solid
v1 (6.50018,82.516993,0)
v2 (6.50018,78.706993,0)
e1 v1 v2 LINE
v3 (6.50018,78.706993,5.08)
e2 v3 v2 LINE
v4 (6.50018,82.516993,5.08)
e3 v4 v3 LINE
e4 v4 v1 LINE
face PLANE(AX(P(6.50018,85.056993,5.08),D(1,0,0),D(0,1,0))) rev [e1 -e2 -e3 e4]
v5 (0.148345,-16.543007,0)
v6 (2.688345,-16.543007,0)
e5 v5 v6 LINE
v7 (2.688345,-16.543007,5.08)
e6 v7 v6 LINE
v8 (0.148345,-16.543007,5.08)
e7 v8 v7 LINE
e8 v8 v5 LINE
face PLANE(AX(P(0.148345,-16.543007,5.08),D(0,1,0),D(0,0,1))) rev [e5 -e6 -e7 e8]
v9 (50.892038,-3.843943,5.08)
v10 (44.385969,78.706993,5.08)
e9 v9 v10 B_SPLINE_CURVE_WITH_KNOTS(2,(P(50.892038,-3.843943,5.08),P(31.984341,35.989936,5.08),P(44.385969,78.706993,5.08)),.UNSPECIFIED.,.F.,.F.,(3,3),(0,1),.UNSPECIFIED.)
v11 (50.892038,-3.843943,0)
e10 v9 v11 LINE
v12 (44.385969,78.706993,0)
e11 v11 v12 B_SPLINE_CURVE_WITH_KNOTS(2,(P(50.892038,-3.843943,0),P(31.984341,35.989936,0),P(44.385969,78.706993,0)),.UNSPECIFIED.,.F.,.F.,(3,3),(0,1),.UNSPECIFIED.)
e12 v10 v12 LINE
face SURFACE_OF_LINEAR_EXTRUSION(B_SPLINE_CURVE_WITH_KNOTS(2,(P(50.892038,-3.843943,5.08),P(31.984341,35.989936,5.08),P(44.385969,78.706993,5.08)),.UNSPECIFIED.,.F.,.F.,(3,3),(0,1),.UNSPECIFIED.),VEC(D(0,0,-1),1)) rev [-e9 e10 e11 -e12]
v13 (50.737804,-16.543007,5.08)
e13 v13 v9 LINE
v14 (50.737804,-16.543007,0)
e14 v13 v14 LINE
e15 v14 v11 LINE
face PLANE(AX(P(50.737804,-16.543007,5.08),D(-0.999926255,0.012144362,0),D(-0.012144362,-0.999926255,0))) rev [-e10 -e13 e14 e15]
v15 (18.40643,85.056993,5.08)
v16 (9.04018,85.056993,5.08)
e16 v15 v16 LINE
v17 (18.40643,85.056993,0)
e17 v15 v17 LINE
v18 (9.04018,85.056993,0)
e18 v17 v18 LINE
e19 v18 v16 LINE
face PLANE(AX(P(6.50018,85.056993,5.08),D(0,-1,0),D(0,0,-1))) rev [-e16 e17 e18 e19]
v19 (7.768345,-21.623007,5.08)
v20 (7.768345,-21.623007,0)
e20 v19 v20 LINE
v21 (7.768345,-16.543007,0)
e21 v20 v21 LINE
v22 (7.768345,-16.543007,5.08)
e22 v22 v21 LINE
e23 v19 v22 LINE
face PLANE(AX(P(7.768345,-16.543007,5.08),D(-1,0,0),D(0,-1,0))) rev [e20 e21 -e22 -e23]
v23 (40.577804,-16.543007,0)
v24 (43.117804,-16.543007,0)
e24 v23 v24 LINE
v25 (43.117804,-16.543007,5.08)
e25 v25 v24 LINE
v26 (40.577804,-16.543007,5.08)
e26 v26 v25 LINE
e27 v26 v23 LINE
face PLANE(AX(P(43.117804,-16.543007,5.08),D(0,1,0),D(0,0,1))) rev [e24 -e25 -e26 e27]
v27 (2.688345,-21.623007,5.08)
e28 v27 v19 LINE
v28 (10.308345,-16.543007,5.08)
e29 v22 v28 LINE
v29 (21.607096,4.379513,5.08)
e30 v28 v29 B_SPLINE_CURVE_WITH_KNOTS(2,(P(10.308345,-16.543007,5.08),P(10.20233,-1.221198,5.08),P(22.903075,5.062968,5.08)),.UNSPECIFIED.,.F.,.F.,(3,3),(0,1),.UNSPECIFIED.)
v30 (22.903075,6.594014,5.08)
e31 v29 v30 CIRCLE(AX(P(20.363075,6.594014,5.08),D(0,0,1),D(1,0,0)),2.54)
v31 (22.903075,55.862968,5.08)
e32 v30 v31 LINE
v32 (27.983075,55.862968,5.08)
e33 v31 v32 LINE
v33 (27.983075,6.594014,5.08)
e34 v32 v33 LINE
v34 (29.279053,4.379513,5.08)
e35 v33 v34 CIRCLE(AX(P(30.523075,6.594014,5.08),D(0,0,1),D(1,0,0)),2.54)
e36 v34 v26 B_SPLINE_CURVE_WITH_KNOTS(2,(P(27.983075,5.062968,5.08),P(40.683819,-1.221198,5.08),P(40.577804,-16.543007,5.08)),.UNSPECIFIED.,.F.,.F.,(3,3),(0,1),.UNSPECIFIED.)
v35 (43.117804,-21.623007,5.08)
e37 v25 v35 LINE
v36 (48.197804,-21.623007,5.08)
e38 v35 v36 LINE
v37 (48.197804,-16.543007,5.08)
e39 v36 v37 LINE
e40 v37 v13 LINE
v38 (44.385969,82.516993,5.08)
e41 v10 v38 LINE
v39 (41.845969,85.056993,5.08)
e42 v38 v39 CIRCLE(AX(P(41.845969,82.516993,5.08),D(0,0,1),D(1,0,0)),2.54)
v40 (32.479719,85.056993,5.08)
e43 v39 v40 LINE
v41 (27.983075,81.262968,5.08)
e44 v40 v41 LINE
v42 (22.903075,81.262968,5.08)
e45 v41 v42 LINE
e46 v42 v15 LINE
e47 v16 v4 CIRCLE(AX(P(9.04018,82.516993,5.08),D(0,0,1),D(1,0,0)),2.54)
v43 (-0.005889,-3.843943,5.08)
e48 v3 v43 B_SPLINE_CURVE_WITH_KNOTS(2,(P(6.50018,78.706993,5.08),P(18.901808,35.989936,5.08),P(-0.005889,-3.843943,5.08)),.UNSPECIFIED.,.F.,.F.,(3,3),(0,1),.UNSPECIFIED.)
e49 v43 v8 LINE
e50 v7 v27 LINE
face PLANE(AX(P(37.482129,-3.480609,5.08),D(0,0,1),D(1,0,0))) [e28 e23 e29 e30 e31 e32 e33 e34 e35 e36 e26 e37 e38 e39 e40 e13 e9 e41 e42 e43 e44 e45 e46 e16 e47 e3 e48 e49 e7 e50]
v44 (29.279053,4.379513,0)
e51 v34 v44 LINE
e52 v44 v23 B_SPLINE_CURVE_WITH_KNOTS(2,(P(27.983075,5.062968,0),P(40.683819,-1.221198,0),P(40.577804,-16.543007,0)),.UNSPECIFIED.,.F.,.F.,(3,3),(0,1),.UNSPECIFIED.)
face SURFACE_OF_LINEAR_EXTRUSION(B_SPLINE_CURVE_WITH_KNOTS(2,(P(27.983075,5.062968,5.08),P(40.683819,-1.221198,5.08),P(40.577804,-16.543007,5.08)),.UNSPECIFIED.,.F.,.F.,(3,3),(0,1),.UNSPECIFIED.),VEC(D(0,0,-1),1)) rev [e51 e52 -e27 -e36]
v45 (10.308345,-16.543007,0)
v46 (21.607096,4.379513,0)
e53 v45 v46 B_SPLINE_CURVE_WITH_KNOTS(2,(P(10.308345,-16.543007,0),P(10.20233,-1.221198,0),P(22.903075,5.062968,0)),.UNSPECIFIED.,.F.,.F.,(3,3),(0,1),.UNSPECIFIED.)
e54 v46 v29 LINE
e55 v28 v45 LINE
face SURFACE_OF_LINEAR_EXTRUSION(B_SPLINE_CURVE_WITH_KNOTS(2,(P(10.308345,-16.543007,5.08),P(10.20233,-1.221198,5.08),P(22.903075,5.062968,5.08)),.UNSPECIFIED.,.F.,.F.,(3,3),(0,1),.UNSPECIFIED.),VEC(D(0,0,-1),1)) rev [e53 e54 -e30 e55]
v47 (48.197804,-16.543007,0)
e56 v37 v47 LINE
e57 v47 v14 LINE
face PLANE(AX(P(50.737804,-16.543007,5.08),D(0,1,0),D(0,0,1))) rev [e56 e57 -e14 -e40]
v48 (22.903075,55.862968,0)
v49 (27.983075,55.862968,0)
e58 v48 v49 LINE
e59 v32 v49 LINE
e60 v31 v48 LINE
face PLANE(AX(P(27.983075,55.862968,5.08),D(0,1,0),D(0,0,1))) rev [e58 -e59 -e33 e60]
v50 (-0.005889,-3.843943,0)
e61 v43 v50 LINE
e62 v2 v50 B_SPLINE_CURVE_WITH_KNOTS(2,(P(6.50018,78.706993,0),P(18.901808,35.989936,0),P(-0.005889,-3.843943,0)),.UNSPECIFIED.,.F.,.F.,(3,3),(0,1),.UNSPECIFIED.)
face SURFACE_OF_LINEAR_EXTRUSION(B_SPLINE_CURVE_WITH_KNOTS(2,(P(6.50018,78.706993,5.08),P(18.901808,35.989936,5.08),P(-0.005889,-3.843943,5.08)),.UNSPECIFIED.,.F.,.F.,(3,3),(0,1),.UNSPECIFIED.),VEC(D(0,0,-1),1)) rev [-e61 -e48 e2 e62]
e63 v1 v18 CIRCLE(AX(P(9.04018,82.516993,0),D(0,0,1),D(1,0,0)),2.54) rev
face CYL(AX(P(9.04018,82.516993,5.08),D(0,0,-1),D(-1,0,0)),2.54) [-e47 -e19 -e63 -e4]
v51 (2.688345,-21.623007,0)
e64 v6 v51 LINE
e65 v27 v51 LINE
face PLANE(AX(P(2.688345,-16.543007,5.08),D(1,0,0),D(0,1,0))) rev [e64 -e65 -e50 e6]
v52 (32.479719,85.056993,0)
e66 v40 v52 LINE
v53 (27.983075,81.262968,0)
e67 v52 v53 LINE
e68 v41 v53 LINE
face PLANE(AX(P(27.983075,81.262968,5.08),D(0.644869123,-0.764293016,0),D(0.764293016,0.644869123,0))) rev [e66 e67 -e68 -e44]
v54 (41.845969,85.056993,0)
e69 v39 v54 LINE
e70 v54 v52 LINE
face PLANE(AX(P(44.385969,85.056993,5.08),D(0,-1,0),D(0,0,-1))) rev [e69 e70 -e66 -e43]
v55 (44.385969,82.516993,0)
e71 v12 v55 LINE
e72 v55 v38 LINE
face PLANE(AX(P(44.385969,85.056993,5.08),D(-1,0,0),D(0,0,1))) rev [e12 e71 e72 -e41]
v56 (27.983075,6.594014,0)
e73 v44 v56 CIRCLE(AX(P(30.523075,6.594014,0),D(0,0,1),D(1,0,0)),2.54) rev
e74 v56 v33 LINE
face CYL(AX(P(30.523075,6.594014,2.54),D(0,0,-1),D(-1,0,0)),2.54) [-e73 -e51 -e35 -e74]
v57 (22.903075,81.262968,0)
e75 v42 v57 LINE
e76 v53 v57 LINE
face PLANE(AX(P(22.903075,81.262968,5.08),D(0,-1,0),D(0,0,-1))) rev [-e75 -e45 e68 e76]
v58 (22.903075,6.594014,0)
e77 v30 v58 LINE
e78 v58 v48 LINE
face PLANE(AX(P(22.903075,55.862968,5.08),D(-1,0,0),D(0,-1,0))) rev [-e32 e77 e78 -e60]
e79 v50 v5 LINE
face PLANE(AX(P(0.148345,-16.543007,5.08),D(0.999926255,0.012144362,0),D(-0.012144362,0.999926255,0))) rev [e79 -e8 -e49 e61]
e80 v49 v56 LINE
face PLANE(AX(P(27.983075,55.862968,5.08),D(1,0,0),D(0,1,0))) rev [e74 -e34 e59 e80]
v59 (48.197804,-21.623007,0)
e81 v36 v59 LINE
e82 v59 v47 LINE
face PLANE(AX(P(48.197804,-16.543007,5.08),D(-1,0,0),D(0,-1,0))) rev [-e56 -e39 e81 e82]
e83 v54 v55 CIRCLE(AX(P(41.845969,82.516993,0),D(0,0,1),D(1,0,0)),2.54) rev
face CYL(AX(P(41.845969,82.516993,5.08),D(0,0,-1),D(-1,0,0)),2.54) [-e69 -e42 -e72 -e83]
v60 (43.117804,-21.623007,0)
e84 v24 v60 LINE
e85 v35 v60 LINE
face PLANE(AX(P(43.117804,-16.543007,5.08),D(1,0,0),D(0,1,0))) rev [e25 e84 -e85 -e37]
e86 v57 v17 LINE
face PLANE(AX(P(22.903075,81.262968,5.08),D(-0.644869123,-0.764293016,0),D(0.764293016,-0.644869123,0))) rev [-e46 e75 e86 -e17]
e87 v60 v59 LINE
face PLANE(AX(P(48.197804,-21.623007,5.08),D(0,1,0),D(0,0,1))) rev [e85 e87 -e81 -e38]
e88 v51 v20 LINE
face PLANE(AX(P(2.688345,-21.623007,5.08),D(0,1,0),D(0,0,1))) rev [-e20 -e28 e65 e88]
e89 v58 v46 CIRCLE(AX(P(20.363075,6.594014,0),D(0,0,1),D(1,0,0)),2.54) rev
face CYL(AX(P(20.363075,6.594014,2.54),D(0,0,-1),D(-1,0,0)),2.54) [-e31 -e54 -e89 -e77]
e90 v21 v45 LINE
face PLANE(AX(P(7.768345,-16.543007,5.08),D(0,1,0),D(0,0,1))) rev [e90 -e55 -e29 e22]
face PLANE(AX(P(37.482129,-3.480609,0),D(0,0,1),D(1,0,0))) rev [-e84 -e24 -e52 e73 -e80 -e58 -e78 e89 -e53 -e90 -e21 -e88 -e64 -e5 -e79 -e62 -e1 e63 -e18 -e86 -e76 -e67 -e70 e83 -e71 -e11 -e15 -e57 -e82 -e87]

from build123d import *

# Parameters (mm, degrees)
BOSS_EXTRUDE2_DEPTH = 5.08
FILLET3_R           = 2.54
FILLET4_R           = 2.54


with BuildPart() as part:
    # Sketch3 → Boss-Extrude2 (new body)
    with BuildSketch(Plane.XY):
        with BuildLine():
            Line((0.14834484, -16.543006694), (-0.005888561, -3.843943262))
            add(Edge.make_bspline(
                [(6.500180425, 78.706993306), (18.901808207, 35.989935529), (-0.005888561, -3.843943262)],
                knots=[0, 0, 0, 1, 1, 1], degree=2))
            Line((6.500180425, 78.706993306), (6.500180425, 85.056993306))
            Line((6.500180425, 85.056993306), (18.406430425, 85.056993306))
            Line((18.406430425, 85.056993306), (22.903074533, 81.262968128))
            Line((22.903074533, 81.262968128), (27.983074533, 81.262968128))
            Line((27.983074533, 81.262968128), (32.479718641, 85.056993306))
            Line((32.479718641, 85.056993306), (44.385968641, 85.056993306))
            Line((44.385968641, 85.056993306), (44.385968641, 78.706993306))
            add(Edge.make_bspline(
                [(44.385968641, 78.706993306), (31.984340858, 35.989935529), (50.892037627, -3.843943262)],
                knots=[0, 0, 0, 1, 1, 1], degree=2))
            Line((50.892037627, -3.843943262), (50.737804225, -16.543006694))
            Line((50.737804225, -16.543006694), (48.197804225, -16.543006694))
            Line((48.197804225, -16.543006694), (48.197804225, -21.623006694))
            Line((48.197804225, -21.623006694), (43.117804225, -21.623006694))
            Line((43.117804225, -21.623006694), (43.117804225, -16.543006694))
            Line((43.117804225, -16.543006694), (40.577804225, -16.543006694))
            add(Edge.make_bspline(
                [(27.983074533, 5.062968128), (40.683819064, -1.22119794), (40.577804225, -16.543006694)],
                knots=[0, 0, 0, 1, 1, 1], degree=2))
            Line((27.983074533, 5.062968128), (27.983074533, 55.862968128))
            Line((27.983074533, 55.862968128), (22.903074533, 55.862968128))
            Line((22.903074533, 55.862968128), (22.903074533, 5.062968128))
            add(Edge.make_bspline(
                [(22.903074533, 5.062968128), (10.202330001, -1.22119794), (10.30834484, -16.543006694)],
                knots=[0, 0, 0, 1, 1, 1], degree=2))
            Line((10.30834484, -16.543006694), (7.76834484, -16.543006694))
            Line((7.76834484, -16.543006694), (7.76834484, -21.623006694))
            Line((7.76834484, -21.623006694), (2.68834484, -21.623006694))
            Line((2.68834484, -21.623006694), (2.68834484, -16.543006694))
            Line((2.68834484, -16.543006694), (0.14834484, -16.543006694))
        make_face()
    extrude(amount=BOSS_EXTRUDE2_DEPTH)

    # Fillet3
    fillet3_edges = [part.edges().sort_by_distance(p)[0] for p in [
        (6.500180425, 85.056993306, 2.54),
        (44.385968641, 85.056993306, 2.54),
    ]]
    fillet(fillet3_edges, radius=FILLET3_R)

    # Fillet4
    fillet4_edges = [part.edges().sort_by_distance(p)[0] for p in [
        (27.983074533, 5.062968128, 2.54),
        (22.903074533, 5.062968128, 2.54),
    ]]
    fillet(fillet4_edges, radius=FILLET4_R)


solid = part.part
